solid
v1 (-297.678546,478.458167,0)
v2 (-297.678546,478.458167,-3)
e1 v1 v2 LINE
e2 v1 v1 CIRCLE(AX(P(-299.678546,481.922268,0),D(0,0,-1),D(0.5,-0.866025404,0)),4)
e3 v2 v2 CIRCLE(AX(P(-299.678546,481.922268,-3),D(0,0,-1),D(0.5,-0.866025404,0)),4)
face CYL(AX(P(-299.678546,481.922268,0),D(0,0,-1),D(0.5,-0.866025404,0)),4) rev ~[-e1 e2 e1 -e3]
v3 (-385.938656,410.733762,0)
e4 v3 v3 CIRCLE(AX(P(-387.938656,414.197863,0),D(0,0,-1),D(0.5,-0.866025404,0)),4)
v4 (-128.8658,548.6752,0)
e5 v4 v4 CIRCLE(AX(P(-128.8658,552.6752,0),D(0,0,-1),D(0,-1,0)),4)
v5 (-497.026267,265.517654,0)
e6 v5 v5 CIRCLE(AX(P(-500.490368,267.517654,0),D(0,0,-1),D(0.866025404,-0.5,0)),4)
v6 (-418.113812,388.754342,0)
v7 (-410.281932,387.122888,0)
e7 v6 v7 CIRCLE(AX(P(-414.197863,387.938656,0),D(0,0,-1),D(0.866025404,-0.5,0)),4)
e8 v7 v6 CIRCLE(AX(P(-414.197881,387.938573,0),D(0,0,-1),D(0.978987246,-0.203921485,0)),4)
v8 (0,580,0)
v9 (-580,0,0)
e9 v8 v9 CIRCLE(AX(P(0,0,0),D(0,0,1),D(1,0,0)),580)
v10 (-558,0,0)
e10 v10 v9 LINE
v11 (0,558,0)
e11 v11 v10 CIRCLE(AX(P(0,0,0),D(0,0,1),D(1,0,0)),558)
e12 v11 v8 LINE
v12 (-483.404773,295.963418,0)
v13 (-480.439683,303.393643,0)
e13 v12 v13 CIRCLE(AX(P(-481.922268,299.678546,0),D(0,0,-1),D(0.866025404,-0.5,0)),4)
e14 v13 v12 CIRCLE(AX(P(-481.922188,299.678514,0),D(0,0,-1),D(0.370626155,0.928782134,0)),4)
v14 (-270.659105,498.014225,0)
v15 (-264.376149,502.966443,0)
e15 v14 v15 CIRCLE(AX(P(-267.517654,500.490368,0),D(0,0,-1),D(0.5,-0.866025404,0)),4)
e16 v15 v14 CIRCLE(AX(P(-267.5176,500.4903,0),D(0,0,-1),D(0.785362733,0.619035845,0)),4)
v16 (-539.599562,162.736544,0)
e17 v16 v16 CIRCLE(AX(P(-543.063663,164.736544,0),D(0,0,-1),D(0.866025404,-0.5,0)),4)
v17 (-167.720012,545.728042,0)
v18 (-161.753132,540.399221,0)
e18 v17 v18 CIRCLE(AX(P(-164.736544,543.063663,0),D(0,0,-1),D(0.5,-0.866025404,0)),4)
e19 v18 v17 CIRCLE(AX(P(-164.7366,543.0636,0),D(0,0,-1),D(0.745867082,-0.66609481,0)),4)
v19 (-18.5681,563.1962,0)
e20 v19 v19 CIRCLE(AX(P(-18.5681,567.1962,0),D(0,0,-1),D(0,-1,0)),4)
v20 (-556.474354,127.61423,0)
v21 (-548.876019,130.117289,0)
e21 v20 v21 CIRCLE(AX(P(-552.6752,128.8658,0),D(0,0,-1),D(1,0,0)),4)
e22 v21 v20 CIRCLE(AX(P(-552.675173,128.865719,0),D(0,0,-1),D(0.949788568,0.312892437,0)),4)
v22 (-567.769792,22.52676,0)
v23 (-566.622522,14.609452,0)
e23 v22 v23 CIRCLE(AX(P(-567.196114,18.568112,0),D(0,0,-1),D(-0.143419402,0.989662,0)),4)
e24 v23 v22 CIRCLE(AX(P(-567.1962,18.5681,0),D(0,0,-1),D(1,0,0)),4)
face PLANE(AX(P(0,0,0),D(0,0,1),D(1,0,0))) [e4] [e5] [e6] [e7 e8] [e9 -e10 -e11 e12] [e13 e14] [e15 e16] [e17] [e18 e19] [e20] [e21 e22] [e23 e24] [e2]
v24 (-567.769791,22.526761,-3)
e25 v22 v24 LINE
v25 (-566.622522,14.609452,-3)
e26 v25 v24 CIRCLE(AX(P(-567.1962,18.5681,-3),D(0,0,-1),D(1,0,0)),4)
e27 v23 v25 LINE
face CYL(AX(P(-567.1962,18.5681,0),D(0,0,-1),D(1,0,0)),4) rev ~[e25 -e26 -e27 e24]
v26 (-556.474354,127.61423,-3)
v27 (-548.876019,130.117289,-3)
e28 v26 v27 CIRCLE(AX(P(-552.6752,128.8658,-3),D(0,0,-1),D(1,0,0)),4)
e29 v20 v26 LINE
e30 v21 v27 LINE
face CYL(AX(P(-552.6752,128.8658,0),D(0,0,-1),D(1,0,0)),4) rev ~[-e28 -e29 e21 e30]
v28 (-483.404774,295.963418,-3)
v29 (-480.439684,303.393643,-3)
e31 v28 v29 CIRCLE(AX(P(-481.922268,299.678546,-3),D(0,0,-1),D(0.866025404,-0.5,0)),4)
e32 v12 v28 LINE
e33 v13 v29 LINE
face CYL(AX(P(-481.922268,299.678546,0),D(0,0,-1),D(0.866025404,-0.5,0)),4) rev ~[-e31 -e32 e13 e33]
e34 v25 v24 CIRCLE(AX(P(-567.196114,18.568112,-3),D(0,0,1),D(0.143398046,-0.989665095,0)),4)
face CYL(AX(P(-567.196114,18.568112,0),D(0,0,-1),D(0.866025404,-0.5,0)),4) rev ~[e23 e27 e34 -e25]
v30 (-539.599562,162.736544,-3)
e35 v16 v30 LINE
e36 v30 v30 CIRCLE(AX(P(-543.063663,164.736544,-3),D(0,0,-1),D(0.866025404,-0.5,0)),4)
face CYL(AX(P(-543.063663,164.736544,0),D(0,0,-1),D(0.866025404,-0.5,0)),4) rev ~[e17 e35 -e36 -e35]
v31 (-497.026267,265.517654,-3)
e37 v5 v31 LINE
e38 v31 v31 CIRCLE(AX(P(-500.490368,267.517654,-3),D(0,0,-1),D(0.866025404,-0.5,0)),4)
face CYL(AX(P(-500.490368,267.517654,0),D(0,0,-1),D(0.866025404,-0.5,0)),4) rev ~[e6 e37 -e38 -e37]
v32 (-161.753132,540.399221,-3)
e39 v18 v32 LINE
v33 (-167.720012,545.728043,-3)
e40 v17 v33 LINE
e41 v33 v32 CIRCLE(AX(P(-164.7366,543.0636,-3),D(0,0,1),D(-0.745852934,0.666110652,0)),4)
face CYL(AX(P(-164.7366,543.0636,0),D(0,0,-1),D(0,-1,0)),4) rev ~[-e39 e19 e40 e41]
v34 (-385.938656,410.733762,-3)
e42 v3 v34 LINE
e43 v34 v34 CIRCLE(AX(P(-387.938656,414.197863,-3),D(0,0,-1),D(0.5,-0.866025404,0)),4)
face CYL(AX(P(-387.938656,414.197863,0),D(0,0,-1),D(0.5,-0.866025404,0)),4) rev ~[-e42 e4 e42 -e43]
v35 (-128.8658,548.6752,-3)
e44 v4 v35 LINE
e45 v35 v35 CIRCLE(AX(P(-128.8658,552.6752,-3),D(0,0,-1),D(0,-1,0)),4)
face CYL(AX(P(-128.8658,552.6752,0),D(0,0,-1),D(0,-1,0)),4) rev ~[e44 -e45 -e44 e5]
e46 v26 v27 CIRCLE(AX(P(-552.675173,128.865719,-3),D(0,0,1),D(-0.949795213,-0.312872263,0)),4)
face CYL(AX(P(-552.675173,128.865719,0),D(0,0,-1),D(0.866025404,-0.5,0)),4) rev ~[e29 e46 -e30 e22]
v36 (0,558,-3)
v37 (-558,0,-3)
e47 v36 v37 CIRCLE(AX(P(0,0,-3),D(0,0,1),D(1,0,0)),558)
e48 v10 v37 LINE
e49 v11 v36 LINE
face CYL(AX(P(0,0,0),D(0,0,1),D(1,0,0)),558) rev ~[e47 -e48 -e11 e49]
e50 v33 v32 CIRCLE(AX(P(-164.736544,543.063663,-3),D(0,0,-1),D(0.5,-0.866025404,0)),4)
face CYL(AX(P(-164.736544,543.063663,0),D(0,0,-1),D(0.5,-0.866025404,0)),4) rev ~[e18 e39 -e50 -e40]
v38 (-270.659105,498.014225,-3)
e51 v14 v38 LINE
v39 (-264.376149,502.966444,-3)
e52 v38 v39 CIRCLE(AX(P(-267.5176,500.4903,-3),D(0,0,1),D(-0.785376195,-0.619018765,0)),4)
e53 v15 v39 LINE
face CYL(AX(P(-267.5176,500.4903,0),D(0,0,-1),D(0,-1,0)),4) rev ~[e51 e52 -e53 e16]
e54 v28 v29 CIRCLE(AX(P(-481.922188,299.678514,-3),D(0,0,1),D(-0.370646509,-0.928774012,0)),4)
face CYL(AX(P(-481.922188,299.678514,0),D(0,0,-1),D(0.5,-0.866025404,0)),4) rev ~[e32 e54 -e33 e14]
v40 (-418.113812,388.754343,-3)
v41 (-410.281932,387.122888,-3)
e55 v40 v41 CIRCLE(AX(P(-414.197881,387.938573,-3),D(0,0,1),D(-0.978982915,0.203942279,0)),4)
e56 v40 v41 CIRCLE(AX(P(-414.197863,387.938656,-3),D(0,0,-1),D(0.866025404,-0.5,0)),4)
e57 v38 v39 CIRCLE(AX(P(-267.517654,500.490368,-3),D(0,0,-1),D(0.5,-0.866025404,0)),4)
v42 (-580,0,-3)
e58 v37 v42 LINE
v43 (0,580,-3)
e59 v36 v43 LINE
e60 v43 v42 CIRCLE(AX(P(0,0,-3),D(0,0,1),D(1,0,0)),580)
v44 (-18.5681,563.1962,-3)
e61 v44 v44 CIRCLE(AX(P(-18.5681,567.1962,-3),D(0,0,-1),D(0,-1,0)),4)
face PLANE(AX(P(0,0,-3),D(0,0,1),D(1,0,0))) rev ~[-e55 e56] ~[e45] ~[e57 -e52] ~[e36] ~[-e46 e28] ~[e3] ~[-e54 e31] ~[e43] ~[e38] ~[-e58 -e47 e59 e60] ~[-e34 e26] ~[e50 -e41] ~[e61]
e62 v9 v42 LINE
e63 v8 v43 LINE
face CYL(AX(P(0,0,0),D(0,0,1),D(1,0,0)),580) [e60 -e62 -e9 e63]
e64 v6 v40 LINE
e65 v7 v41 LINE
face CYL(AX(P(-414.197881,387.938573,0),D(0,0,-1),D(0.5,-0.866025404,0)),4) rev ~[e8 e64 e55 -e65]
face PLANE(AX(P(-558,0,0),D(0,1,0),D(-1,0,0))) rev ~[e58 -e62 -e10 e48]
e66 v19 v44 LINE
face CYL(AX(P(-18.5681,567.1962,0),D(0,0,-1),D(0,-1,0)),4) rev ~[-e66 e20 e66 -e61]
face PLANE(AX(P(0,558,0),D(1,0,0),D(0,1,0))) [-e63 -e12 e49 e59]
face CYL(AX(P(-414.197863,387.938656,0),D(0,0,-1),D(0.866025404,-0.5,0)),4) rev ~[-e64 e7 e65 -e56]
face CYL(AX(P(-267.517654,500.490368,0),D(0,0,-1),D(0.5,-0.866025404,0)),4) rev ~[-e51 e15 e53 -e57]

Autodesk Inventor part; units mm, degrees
ref_plane "YZ Plane" through (0, 0, 0) normal (1, 0, 0) x (0, 1, 0)
ref_plane "XZ Plane" through (0, 0, 0) normal (0, 1, 0) x (-1, 0, 0)
ref_plane "XY Plane" through (0, 0, 0) normal (0, 0, 1) x (1, 0, 0)
sketch "Sketch1" plane through (0, 0, 0) normal (0, 0, 1) x (1, 0, 0)
  circle A0 centre (0, 0) radius 558
  circle A1 centre (0, 0) radius 580
  line L0 (0, 0) -> (-580, 0)
  line L1 (0, 0) -> (0, 580) construction
  line L2 (0, 0) -> (0, 580)
  circle A2 centre (0, 0) radius 100
  line L3 (197.082, 197.082) -> (278.716, 0)
  line L4 (278.716, 0) -> (197.082, -197.082)
  line L5 (197.082, -197.082) -> (0, -278.716)
  line L6 (0, -278.716) -> (-197.082, -197.082)
  line L7 (-197.082, -197.082) -> (-278.716, 0)
  line L8 (-278.716, 0) -> (-197.082, 197.082)
  line L9 (-197.082, 197.082) -> (0, 278.716)
  line L10 (0, 278.716) -> (197.082, 197.082)
  point P0 (-558, 0)
  point P1 (0, 558)
  point P2 (-100, 0)
  point P3 (0, 100)
  point P4 (0, 278.716)
  point P5 (-278.716, 0)
  dimension "d30" = 90
  dimension "d31" = 1160
  dimension "d32" = 1116
  dimension "d65" = 90
  dimension "d66" = 200
  dimension "d91" = 515
extrude "Plate1" add sketch "Sketch1" against normal blind 3 contours A0 L0 A1 L2 picked at (-572.0249, 22.0563)
sketch "Sketch2" plane through (0, 0, 0) normal (0, 0, 1) x (1, 0, 0)
  circle A0 centre (0, 0) radius 567.5
  arc A1 (0, 580) -> (-580, 0) centre (0, 0) ccw projected
  line L0 (0, 0) -> (0, 580) construction
  line L1 (0, 0) -> (-18.5681, 567.1962) construction
  line L2 (-128.8658, 552.6752) -> (0, 0) construction
  line L3 (0, 0) -> (0, 567.5) construction
  line L4 (0, 0) -> (18.5681, 567.1962) construction
  line L5 (0, 0) -> (128.8658, 552.6752) construction
  line L6 (0, 0) -> (-164.7366, 543.0636) construction
  line L7 (0, 0) -> (-267.5176, 500.4903) construction
  dimension "d34" = 1135
  dimension "d35" = 1.875
  dimension "d36" = 11.25
  dimension "d44" = 1.875
  dimension "d45" = 11.25
  dimension "d49" = 3.75
  dimension "d50" = 11.25
hole "Hole1" at (-18.5681, 567.1962, 0) at (-128.8658, 552.6752, 0) at (128.8658, 552.6752, 0) at (18.5681, 567.1962, 0) at (-164.7366, 543.0636, 0) at (-267.5176, 500.4903, 0) direction (0, 0, -1) diameter 8 end through all
pattern_circular "Circular Pattern1" count 4 over 90 about axis through (0, 0, -10) along (0, 0, 1) of "Hole1"
equation "\"d31\" = Колесо_диам1_ручья_внеш"
equation "\"d91\" = Барабан_размер_по_плоскостям"
equation "\"d44\" = d35"
equation "\"d45\" = d36"
equation "\"d49\" = 2 * d35"
equation "\"d50\" = d36"
equation "\"d42\" = Thickness"
equation "\"d15\" = Thickness"
equation "\"BendRadius\" = Thickness"
equation "\"BendReliefWidth\" = Thickness"
equation "\"BendReliefDepth\" = 0.5 * Thickness"
equation "\"CornerReliefSize\" = 4 * Thickness"
equation "\"MinimumRemnant\" = 2 * Thickness"
equation "\"TransitionRadius\" = BendRadius"
equation "\"JacobiRadiusSize\" = BendRadius"
equation "\"GapSize\" = Thickness"
equation "\"Колесо_диам1_ручья_внеш\" = 1160"
equation "\"Барабан_размер_по_плоскостям\" = 515"
equation "\"Thickness\" = 3"
properties part number "DMF 2.1 01 43 Gear rim 3_CPY" material "Stainless Steel"
